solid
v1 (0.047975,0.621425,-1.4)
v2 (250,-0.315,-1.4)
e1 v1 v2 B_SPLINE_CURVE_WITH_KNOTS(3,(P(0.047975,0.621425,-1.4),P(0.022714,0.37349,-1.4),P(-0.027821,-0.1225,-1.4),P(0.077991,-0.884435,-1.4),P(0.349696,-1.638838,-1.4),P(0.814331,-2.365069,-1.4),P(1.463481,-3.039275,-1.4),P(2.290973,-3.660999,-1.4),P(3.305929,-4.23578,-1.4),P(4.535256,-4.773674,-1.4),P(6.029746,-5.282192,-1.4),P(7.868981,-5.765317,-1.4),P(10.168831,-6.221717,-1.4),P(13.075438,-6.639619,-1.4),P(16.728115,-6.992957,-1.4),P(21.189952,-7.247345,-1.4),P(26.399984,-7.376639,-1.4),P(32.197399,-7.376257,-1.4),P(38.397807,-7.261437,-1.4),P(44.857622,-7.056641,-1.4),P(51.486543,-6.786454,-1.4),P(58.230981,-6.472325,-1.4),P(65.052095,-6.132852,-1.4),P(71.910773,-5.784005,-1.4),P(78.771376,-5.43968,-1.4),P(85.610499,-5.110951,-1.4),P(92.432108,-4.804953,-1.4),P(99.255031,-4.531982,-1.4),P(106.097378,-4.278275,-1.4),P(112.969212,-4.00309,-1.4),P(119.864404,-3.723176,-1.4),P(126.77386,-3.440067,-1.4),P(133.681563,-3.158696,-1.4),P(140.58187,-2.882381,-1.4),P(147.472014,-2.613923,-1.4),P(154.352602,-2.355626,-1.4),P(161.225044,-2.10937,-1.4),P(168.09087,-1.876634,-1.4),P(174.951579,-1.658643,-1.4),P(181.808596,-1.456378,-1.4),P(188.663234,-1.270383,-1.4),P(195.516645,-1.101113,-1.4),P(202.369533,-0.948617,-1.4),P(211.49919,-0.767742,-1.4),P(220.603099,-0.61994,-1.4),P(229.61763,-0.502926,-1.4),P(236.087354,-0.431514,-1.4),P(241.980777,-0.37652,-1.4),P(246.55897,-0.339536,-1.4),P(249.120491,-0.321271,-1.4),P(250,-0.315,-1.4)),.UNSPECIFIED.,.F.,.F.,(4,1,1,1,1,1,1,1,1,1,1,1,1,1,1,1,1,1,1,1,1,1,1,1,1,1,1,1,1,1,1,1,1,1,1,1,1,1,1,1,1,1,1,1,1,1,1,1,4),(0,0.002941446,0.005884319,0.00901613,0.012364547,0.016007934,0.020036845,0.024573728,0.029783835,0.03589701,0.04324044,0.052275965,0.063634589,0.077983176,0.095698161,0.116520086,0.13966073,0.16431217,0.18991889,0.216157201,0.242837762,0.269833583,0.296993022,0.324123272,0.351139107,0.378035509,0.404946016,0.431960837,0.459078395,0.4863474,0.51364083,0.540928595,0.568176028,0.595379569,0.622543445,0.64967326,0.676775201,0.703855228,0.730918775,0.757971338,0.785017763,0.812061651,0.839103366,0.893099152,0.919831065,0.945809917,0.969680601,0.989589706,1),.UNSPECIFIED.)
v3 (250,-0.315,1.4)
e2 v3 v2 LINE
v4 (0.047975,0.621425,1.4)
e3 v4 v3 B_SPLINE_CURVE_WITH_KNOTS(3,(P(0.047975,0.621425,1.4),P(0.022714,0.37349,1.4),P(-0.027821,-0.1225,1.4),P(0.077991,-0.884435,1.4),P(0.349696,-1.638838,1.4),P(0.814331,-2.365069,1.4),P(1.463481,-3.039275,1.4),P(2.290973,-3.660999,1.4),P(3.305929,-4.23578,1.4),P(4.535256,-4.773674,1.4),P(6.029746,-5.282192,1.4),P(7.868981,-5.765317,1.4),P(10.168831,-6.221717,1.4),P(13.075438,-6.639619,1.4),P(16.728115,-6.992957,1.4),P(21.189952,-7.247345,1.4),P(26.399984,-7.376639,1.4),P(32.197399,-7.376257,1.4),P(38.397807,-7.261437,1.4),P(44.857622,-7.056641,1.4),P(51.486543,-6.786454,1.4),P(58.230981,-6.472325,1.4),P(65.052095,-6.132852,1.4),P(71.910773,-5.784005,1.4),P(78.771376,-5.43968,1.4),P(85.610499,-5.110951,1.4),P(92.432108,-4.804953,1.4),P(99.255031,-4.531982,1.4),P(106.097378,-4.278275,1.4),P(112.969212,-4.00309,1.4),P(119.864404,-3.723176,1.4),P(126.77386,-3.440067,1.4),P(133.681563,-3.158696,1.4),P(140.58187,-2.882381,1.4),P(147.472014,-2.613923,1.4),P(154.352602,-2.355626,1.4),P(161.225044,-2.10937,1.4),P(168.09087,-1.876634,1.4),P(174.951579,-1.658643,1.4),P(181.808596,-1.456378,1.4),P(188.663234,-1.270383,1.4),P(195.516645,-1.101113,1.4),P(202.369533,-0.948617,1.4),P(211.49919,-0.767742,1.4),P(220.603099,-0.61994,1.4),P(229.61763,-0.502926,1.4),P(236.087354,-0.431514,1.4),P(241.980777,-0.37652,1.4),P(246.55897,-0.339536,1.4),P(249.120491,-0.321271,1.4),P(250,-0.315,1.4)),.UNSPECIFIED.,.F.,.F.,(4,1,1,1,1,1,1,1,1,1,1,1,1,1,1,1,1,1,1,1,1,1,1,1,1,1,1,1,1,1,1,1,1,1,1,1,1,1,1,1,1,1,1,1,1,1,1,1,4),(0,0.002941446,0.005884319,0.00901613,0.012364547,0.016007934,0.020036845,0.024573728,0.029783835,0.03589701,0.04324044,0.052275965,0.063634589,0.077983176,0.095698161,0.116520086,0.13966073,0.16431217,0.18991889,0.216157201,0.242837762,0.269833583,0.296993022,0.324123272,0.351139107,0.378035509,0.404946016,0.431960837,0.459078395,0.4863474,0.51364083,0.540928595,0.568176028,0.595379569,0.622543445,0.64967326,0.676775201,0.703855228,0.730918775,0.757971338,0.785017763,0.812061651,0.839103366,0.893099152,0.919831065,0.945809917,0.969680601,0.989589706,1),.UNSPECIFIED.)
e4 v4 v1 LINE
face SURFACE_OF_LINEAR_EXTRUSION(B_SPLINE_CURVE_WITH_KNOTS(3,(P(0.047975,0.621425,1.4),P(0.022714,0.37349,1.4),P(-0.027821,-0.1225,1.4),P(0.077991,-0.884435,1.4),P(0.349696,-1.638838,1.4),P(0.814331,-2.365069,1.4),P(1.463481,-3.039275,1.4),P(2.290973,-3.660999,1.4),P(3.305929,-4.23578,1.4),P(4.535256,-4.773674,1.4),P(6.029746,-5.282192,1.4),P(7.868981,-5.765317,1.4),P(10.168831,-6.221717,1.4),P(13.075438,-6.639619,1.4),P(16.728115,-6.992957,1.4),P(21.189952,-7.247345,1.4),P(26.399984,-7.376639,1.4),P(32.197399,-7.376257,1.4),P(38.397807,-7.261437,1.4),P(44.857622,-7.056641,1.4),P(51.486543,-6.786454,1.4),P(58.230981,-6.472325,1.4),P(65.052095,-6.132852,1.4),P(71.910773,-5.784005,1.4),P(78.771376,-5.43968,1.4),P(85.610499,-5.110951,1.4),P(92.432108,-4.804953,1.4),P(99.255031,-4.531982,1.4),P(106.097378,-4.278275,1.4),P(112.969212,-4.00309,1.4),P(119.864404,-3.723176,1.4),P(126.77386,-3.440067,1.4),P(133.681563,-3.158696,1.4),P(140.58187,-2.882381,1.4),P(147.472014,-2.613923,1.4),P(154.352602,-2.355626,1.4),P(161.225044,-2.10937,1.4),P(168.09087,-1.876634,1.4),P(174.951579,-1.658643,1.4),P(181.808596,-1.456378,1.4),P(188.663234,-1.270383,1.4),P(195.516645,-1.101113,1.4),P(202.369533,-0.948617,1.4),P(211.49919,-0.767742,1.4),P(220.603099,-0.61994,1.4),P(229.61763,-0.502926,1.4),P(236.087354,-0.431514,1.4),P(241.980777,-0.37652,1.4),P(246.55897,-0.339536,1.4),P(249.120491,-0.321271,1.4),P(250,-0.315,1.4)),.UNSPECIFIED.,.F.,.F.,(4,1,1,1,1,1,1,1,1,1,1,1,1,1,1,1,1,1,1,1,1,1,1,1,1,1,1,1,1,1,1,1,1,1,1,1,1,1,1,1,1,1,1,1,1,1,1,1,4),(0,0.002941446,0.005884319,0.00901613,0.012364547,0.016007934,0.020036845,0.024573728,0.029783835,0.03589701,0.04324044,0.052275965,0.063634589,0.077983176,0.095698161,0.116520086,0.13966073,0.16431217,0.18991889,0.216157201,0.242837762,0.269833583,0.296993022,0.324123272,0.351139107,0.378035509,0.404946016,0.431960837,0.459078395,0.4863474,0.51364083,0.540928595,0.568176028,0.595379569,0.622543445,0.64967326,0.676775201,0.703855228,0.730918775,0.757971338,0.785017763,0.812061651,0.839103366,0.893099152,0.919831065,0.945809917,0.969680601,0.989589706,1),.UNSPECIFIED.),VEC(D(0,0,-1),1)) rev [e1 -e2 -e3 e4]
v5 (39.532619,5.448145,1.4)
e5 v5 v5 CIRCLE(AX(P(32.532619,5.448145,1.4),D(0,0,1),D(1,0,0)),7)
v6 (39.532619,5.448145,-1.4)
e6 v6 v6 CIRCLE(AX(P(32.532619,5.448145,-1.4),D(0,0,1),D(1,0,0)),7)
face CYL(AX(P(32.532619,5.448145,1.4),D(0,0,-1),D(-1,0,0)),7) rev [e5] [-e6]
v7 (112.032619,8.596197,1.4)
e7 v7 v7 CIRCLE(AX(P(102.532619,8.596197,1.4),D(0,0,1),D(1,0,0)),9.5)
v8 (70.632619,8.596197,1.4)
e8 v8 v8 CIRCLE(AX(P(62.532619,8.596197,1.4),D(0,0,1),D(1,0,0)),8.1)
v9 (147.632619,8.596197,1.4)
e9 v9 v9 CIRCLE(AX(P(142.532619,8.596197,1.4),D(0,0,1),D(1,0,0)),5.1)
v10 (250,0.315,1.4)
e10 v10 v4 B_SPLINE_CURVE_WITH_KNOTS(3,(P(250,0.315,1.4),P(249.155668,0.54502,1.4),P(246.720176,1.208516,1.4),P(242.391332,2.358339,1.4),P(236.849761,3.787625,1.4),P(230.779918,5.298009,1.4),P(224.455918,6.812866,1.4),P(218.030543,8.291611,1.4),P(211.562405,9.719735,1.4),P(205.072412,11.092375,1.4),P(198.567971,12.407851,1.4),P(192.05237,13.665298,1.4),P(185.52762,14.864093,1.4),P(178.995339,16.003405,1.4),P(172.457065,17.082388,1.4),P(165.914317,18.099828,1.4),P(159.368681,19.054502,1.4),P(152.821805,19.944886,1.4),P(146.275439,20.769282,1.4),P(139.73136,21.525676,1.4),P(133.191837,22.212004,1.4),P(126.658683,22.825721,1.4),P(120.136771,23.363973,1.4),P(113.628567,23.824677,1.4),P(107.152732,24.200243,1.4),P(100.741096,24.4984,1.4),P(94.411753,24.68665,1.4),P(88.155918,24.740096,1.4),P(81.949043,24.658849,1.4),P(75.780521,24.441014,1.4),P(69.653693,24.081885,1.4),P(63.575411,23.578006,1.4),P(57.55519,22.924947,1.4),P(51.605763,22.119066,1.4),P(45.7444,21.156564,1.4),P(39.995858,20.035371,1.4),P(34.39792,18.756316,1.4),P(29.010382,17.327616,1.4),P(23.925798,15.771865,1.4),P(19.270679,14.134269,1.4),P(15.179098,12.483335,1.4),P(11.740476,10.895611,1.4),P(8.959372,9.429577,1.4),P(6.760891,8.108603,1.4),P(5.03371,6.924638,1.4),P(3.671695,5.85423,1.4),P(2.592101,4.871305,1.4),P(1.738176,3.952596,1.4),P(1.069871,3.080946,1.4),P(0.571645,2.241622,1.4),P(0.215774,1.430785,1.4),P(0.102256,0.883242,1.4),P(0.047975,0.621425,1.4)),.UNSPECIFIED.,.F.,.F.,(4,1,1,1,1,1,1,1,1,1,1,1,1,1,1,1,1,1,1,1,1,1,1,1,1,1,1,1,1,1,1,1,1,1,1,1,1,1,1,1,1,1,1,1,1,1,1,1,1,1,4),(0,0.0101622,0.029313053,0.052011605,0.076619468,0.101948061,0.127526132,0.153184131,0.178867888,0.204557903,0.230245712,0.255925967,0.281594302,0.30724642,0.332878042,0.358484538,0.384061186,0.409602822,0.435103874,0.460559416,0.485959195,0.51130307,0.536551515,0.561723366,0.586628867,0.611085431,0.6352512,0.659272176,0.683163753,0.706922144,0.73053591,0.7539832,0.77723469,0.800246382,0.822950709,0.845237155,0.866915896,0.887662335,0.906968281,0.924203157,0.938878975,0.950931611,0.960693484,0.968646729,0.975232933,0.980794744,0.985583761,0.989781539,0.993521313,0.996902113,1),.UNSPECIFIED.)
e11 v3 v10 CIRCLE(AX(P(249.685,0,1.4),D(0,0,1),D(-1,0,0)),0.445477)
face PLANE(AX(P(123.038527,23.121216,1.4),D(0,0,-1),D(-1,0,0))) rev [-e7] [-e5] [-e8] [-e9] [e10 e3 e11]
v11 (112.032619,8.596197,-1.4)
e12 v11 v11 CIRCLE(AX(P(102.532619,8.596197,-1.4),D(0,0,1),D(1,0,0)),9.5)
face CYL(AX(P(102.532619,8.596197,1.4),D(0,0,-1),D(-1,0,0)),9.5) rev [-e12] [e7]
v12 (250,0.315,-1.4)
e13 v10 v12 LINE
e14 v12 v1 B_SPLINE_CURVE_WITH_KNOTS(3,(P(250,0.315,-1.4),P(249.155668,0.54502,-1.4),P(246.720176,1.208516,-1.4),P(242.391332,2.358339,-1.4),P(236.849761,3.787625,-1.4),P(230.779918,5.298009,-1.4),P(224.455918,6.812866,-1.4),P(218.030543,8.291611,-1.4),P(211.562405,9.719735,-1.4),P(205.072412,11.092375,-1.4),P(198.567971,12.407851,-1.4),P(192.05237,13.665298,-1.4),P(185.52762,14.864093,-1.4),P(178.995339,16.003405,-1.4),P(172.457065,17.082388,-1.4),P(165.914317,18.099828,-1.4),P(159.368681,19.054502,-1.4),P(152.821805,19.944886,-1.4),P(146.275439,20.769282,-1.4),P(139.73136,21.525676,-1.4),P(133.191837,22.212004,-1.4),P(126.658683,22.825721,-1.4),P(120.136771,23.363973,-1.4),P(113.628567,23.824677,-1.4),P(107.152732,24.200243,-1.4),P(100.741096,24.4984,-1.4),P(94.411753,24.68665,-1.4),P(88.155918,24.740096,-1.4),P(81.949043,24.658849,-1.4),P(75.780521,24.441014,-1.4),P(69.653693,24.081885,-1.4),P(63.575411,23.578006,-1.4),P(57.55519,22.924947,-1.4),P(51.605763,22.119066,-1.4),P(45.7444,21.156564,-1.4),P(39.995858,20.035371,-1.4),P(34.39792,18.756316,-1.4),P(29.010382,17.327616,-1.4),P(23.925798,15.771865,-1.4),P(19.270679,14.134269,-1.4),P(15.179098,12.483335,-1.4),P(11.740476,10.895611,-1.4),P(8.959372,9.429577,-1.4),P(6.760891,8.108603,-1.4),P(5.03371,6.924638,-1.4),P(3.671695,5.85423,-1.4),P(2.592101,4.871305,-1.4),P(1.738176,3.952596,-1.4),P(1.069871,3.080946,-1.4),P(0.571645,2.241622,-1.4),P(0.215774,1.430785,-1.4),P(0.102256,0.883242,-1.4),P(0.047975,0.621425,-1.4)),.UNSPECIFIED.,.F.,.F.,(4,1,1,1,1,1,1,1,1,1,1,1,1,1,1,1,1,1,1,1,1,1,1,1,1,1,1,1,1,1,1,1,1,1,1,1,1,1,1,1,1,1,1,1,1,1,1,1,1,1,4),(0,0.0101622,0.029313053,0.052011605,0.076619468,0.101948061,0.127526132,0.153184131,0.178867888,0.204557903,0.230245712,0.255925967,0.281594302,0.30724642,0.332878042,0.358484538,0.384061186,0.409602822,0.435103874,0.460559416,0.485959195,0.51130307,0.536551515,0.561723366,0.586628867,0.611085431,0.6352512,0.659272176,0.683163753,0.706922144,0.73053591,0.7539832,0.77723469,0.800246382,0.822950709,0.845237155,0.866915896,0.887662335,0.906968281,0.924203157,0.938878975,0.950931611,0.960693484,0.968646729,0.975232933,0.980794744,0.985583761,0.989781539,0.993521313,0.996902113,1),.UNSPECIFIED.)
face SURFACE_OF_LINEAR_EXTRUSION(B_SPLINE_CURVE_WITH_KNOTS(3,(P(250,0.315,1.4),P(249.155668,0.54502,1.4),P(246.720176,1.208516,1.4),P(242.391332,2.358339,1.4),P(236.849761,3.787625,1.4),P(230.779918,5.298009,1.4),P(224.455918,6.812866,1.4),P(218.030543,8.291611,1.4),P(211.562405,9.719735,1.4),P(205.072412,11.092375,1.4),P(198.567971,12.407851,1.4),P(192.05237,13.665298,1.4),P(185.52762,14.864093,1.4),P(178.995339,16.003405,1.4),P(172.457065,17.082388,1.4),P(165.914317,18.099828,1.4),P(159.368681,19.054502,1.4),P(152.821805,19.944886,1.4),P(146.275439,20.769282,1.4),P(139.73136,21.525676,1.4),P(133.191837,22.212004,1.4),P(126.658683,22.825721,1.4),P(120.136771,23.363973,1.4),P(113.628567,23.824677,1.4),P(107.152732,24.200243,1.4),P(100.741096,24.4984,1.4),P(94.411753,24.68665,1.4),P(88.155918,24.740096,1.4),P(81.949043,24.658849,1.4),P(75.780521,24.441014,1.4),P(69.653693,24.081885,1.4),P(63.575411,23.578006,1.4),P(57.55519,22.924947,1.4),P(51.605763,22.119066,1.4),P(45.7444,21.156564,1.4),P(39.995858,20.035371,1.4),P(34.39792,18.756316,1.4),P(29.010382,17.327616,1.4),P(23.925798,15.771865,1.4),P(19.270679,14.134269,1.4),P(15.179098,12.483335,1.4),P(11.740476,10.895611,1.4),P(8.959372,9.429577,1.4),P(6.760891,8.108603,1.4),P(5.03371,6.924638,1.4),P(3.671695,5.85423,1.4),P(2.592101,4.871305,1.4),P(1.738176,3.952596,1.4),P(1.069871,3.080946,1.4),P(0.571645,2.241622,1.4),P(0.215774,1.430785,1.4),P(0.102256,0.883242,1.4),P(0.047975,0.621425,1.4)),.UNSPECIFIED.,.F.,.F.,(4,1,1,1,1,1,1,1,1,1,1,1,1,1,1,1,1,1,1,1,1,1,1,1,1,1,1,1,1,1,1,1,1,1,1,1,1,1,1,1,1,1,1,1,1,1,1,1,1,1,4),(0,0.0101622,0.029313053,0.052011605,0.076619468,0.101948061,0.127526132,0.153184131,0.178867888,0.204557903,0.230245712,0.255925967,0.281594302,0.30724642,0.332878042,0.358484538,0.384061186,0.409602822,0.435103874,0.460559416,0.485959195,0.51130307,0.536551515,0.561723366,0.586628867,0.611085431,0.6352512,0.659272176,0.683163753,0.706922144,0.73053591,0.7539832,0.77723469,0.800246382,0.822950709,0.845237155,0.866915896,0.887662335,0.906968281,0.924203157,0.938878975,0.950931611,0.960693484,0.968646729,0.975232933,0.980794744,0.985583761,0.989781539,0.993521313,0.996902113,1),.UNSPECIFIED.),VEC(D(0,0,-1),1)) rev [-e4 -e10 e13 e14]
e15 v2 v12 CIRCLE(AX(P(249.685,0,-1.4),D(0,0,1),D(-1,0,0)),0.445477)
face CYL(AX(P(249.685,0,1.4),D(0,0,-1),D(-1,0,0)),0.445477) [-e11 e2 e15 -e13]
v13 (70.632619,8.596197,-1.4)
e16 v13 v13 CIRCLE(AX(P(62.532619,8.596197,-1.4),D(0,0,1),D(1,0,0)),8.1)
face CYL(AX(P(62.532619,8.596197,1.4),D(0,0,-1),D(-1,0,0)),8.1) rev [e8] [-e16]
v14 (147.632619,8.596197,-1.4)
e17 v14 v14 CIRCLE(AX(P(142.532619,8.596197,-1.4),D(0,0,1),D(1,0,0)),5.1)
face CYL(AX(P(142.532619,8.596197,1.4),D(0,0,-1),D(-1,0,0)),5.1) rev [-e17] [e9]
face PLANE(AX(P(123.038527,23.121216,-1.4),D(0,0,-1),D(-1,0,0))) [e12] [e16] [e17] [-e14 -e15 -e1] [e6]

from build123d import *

# Parameters (mm, degrees)
SKETCH_1_R      = 8.1
SKETCH_1_R_2    = 5.1
SKETCH_1_R_3    = 7
SKETCH_1_R_4    = 9.5
EXTRUDE_1_DEPTH = 1.4


with BuildPart() as part:
    # Эскиз1 → Бобышка-Вытянуть1 (new body, symmetric)
    with BuildSketch(Plane.XY):
        with BuildLine():
            ThreePointArc((250, 0.315), (250.130477272, 0), (250, -0.315))
            add(Edge.make_bspline(
                [(0.047975, 0.621425), (0.02271382, 0.373490086), (-0.027820789, -0.122499975), (0.077991212, -0.88443459), (0.34969565, -1.63883807), (0.814331135, -2.365068924), (1.46348078, -3.039275245), (2.290973017, -3.66099947), (3.30592875, -4.235779621), (4.535255619, -4.773674144), (6.029745688, -5.282192165), (7.868981215, -5.765316676), (10.168831392, -6.221716593), (13.075438189, -6.639618731), (16.728115363, -6.992956738), (21.189952096, -7.247345145), (26.399984416, -7.376638849), (32.197398564, -7.376256913), (38.397806759, -7.26143658), (44.857621768, -7.056641358), (51.486543096, -6.786453532), (58.230980932, -6.472324587), (65.052094606, -6.132852265), (71.910772709, -5.784005177), (78.771375576, -5.439680454), (85.61049861, -5.110951253), (92.43210759, -4.804953326), (99.25503119, -4.531981655), (106.097378405, -4.278274671), (112.96921168, -4.003089926), (119.864404255, -3.723176184), (126.773860473, -3.440067296), (133.681563213, -3.1586956), (140.581870407, -2.88238072), (147.472013762, -2.613922958), (154.352602411, -2.355626415), (161.225044134, -2.109369921), (168.090869746, -1.876634074), (174.951578522, -1.658643104), (181.808595966, -1.456378123), (188.663234462, -1.270383377), (195.516645168, -1.101112884), (202.369532894, -0.948617189), (211.49919029, -0.767742353), (220.603098666, -0.619939742), (229.617630172, -0.50292618), (236.087353854, -0.431514192), (241.980776913, -0.376520461), (246.558970011, -0.339535886), (249.120490965, -0.321271242), (250, -0.315)],
                knots=[0, 0, 0, 0, 0.002941446, 0.005884319, 0.00901613, 0.012364547, 0.016007934, 0.020036845, 0.024573728, 0.029783835, 0.03589701, 0.04324044, 0.052275965, 0.063634589, 0.077983176, 0.095698161, 0.116520086, 0.13966073, 0.16431217, 0.18991889, 0.216157201, 0.242837762, 0.269833583, 0.296993022, 0.324123272, 0.351139107, 0.378035509, 0.404946016, 0.431960837, 0.459078395, 0.4863474, 0.51364083, 0.540928595, 0.568176028, 0.595379569, 0.622543445, 0.64967326, 0.676775201, 0.703855228, 0.730918775, 0.757971338, 0.785017763, 0.812061651, 0.839103366, 0.893099152, 0.919831065, 0.945809917, 0.969680601, 0.989589706, 1, 1, 1, 1], degree=3))
            add(Edge.make_bspline(
                [(250, 0.315), (249.15566774, 0.545019818), (246.720175698, 1.208516243), (242.391332083, 2.358339053), (236.849761204, 3.787625364), (230.779918279, 5.298008837), (224.455917947, 6.812866028), (218.030543496, 8.291610632), (211.562405045, 9.719735057), (205.072411509, 11.092374932), (198.567970913, 12.407850726), (192.052369914, 13.665297924), (185.527619973, 14.864093303), (178.995338991, 16.003404779), (172.457064741, 17.082388115), (165.914317095, 18.099827841), (159.368680729, 19.054501815), (152.821805128, 19.944885603), (146.275439401, 20.769282183), (139.731359791, 21.525676113), (133.19183673, 22.212004249), (126.658683026, 22.825721429), (120.136770918, 23.363973266), (113.628567141, 23.824677324), (107.152732037, 24.200242594), (100.741095693, 24.49839951), (94.411752715, 24.686649768), (88.155917993, 24.74009565), (81.949043055, 24.658849144), (75.780520592, 24.441013808), (69.653692942, 24.081884821), (63.575410502, 23.578006361), (57.555189551, 22.924946658), (51.605762688, 22.119065522), (45.744400311, 21.156564432), (39.995857594, 20.03537139), (34.397919842, 18.756316234), (29.010382104, 17.327615608), (23.925798408, 15.771864921), (19.27067884, 14.134269434), (15.179098391, 12.483335438), (11.74047579, 10.895610995), (8.959371869, 9.429577365), (6.76089118, 8.108603199), (5.033709748, 6.924638055), (3.671694933, 5.854229664), (2.592101123, 4.871305369), (1.738175669, 3.952595743), (1.06987083, 3.080946373), (0.57164541, 2.241622102), (0.215773899, 1.430785397), (0.102255582, 0.883241695), (0.047975, 0.621425)],
                knots=[0, 0, 0, 0, 0.0101622, 0.029313053, 0.052011605, 0.076619468, 0.101948061, 0.127526132, 0.153184131, 0.178867888, 0.204557903, 0.230245712, 0.255925967, 0.281594302, 0.30724642, 0.332878042, 0.358484538, 0.384061186, 0.409602822, 0.435103874, 0.460559416, 0.485959195, 0.51130307, 0.536551515, 0.561723366, 0.586628867, 0.611085431, 0.6352512, 0.659272176, 0.683163753, 0.706922144, 0.73053591, 0.7539832, 0.77723469, 0.800246382, 0.822950709, 0.845237155, 0.866915896, 0.887662335, 0.906968281, 0.924203157, 0.938878975, 0.950931611, 0.960693484, 0.968646729, 0.975232933, 0.980794744, 0.985583761, 0.989781539, 0.993521313, 0.996902113, 1, 1, 1, 1], degree=3))
        make_face()
        with Locations((62.532619318, 8.596197208)):
            Circle(SKETCH_1_R, mode=Mode.SUBTRACT)
        with Locations((142.532619318, 8.596197208)):
            Circle(SKETCH_1_R_2, mode=Mode.SUBTRACT)
        with Locations((32.532619318, 5.448144701)):
            Circle(SKETCH_1_R_3, mode=Mode.SUBTRACT)
        with Locations((102.532619318, 8.596197208)):
            Circle(SKETCH_1_R_4, mode=Mode.SUBTRACT)
    extrude(amount=EXTRUDE_1_DEPTH, both=True)


solid = part.part
